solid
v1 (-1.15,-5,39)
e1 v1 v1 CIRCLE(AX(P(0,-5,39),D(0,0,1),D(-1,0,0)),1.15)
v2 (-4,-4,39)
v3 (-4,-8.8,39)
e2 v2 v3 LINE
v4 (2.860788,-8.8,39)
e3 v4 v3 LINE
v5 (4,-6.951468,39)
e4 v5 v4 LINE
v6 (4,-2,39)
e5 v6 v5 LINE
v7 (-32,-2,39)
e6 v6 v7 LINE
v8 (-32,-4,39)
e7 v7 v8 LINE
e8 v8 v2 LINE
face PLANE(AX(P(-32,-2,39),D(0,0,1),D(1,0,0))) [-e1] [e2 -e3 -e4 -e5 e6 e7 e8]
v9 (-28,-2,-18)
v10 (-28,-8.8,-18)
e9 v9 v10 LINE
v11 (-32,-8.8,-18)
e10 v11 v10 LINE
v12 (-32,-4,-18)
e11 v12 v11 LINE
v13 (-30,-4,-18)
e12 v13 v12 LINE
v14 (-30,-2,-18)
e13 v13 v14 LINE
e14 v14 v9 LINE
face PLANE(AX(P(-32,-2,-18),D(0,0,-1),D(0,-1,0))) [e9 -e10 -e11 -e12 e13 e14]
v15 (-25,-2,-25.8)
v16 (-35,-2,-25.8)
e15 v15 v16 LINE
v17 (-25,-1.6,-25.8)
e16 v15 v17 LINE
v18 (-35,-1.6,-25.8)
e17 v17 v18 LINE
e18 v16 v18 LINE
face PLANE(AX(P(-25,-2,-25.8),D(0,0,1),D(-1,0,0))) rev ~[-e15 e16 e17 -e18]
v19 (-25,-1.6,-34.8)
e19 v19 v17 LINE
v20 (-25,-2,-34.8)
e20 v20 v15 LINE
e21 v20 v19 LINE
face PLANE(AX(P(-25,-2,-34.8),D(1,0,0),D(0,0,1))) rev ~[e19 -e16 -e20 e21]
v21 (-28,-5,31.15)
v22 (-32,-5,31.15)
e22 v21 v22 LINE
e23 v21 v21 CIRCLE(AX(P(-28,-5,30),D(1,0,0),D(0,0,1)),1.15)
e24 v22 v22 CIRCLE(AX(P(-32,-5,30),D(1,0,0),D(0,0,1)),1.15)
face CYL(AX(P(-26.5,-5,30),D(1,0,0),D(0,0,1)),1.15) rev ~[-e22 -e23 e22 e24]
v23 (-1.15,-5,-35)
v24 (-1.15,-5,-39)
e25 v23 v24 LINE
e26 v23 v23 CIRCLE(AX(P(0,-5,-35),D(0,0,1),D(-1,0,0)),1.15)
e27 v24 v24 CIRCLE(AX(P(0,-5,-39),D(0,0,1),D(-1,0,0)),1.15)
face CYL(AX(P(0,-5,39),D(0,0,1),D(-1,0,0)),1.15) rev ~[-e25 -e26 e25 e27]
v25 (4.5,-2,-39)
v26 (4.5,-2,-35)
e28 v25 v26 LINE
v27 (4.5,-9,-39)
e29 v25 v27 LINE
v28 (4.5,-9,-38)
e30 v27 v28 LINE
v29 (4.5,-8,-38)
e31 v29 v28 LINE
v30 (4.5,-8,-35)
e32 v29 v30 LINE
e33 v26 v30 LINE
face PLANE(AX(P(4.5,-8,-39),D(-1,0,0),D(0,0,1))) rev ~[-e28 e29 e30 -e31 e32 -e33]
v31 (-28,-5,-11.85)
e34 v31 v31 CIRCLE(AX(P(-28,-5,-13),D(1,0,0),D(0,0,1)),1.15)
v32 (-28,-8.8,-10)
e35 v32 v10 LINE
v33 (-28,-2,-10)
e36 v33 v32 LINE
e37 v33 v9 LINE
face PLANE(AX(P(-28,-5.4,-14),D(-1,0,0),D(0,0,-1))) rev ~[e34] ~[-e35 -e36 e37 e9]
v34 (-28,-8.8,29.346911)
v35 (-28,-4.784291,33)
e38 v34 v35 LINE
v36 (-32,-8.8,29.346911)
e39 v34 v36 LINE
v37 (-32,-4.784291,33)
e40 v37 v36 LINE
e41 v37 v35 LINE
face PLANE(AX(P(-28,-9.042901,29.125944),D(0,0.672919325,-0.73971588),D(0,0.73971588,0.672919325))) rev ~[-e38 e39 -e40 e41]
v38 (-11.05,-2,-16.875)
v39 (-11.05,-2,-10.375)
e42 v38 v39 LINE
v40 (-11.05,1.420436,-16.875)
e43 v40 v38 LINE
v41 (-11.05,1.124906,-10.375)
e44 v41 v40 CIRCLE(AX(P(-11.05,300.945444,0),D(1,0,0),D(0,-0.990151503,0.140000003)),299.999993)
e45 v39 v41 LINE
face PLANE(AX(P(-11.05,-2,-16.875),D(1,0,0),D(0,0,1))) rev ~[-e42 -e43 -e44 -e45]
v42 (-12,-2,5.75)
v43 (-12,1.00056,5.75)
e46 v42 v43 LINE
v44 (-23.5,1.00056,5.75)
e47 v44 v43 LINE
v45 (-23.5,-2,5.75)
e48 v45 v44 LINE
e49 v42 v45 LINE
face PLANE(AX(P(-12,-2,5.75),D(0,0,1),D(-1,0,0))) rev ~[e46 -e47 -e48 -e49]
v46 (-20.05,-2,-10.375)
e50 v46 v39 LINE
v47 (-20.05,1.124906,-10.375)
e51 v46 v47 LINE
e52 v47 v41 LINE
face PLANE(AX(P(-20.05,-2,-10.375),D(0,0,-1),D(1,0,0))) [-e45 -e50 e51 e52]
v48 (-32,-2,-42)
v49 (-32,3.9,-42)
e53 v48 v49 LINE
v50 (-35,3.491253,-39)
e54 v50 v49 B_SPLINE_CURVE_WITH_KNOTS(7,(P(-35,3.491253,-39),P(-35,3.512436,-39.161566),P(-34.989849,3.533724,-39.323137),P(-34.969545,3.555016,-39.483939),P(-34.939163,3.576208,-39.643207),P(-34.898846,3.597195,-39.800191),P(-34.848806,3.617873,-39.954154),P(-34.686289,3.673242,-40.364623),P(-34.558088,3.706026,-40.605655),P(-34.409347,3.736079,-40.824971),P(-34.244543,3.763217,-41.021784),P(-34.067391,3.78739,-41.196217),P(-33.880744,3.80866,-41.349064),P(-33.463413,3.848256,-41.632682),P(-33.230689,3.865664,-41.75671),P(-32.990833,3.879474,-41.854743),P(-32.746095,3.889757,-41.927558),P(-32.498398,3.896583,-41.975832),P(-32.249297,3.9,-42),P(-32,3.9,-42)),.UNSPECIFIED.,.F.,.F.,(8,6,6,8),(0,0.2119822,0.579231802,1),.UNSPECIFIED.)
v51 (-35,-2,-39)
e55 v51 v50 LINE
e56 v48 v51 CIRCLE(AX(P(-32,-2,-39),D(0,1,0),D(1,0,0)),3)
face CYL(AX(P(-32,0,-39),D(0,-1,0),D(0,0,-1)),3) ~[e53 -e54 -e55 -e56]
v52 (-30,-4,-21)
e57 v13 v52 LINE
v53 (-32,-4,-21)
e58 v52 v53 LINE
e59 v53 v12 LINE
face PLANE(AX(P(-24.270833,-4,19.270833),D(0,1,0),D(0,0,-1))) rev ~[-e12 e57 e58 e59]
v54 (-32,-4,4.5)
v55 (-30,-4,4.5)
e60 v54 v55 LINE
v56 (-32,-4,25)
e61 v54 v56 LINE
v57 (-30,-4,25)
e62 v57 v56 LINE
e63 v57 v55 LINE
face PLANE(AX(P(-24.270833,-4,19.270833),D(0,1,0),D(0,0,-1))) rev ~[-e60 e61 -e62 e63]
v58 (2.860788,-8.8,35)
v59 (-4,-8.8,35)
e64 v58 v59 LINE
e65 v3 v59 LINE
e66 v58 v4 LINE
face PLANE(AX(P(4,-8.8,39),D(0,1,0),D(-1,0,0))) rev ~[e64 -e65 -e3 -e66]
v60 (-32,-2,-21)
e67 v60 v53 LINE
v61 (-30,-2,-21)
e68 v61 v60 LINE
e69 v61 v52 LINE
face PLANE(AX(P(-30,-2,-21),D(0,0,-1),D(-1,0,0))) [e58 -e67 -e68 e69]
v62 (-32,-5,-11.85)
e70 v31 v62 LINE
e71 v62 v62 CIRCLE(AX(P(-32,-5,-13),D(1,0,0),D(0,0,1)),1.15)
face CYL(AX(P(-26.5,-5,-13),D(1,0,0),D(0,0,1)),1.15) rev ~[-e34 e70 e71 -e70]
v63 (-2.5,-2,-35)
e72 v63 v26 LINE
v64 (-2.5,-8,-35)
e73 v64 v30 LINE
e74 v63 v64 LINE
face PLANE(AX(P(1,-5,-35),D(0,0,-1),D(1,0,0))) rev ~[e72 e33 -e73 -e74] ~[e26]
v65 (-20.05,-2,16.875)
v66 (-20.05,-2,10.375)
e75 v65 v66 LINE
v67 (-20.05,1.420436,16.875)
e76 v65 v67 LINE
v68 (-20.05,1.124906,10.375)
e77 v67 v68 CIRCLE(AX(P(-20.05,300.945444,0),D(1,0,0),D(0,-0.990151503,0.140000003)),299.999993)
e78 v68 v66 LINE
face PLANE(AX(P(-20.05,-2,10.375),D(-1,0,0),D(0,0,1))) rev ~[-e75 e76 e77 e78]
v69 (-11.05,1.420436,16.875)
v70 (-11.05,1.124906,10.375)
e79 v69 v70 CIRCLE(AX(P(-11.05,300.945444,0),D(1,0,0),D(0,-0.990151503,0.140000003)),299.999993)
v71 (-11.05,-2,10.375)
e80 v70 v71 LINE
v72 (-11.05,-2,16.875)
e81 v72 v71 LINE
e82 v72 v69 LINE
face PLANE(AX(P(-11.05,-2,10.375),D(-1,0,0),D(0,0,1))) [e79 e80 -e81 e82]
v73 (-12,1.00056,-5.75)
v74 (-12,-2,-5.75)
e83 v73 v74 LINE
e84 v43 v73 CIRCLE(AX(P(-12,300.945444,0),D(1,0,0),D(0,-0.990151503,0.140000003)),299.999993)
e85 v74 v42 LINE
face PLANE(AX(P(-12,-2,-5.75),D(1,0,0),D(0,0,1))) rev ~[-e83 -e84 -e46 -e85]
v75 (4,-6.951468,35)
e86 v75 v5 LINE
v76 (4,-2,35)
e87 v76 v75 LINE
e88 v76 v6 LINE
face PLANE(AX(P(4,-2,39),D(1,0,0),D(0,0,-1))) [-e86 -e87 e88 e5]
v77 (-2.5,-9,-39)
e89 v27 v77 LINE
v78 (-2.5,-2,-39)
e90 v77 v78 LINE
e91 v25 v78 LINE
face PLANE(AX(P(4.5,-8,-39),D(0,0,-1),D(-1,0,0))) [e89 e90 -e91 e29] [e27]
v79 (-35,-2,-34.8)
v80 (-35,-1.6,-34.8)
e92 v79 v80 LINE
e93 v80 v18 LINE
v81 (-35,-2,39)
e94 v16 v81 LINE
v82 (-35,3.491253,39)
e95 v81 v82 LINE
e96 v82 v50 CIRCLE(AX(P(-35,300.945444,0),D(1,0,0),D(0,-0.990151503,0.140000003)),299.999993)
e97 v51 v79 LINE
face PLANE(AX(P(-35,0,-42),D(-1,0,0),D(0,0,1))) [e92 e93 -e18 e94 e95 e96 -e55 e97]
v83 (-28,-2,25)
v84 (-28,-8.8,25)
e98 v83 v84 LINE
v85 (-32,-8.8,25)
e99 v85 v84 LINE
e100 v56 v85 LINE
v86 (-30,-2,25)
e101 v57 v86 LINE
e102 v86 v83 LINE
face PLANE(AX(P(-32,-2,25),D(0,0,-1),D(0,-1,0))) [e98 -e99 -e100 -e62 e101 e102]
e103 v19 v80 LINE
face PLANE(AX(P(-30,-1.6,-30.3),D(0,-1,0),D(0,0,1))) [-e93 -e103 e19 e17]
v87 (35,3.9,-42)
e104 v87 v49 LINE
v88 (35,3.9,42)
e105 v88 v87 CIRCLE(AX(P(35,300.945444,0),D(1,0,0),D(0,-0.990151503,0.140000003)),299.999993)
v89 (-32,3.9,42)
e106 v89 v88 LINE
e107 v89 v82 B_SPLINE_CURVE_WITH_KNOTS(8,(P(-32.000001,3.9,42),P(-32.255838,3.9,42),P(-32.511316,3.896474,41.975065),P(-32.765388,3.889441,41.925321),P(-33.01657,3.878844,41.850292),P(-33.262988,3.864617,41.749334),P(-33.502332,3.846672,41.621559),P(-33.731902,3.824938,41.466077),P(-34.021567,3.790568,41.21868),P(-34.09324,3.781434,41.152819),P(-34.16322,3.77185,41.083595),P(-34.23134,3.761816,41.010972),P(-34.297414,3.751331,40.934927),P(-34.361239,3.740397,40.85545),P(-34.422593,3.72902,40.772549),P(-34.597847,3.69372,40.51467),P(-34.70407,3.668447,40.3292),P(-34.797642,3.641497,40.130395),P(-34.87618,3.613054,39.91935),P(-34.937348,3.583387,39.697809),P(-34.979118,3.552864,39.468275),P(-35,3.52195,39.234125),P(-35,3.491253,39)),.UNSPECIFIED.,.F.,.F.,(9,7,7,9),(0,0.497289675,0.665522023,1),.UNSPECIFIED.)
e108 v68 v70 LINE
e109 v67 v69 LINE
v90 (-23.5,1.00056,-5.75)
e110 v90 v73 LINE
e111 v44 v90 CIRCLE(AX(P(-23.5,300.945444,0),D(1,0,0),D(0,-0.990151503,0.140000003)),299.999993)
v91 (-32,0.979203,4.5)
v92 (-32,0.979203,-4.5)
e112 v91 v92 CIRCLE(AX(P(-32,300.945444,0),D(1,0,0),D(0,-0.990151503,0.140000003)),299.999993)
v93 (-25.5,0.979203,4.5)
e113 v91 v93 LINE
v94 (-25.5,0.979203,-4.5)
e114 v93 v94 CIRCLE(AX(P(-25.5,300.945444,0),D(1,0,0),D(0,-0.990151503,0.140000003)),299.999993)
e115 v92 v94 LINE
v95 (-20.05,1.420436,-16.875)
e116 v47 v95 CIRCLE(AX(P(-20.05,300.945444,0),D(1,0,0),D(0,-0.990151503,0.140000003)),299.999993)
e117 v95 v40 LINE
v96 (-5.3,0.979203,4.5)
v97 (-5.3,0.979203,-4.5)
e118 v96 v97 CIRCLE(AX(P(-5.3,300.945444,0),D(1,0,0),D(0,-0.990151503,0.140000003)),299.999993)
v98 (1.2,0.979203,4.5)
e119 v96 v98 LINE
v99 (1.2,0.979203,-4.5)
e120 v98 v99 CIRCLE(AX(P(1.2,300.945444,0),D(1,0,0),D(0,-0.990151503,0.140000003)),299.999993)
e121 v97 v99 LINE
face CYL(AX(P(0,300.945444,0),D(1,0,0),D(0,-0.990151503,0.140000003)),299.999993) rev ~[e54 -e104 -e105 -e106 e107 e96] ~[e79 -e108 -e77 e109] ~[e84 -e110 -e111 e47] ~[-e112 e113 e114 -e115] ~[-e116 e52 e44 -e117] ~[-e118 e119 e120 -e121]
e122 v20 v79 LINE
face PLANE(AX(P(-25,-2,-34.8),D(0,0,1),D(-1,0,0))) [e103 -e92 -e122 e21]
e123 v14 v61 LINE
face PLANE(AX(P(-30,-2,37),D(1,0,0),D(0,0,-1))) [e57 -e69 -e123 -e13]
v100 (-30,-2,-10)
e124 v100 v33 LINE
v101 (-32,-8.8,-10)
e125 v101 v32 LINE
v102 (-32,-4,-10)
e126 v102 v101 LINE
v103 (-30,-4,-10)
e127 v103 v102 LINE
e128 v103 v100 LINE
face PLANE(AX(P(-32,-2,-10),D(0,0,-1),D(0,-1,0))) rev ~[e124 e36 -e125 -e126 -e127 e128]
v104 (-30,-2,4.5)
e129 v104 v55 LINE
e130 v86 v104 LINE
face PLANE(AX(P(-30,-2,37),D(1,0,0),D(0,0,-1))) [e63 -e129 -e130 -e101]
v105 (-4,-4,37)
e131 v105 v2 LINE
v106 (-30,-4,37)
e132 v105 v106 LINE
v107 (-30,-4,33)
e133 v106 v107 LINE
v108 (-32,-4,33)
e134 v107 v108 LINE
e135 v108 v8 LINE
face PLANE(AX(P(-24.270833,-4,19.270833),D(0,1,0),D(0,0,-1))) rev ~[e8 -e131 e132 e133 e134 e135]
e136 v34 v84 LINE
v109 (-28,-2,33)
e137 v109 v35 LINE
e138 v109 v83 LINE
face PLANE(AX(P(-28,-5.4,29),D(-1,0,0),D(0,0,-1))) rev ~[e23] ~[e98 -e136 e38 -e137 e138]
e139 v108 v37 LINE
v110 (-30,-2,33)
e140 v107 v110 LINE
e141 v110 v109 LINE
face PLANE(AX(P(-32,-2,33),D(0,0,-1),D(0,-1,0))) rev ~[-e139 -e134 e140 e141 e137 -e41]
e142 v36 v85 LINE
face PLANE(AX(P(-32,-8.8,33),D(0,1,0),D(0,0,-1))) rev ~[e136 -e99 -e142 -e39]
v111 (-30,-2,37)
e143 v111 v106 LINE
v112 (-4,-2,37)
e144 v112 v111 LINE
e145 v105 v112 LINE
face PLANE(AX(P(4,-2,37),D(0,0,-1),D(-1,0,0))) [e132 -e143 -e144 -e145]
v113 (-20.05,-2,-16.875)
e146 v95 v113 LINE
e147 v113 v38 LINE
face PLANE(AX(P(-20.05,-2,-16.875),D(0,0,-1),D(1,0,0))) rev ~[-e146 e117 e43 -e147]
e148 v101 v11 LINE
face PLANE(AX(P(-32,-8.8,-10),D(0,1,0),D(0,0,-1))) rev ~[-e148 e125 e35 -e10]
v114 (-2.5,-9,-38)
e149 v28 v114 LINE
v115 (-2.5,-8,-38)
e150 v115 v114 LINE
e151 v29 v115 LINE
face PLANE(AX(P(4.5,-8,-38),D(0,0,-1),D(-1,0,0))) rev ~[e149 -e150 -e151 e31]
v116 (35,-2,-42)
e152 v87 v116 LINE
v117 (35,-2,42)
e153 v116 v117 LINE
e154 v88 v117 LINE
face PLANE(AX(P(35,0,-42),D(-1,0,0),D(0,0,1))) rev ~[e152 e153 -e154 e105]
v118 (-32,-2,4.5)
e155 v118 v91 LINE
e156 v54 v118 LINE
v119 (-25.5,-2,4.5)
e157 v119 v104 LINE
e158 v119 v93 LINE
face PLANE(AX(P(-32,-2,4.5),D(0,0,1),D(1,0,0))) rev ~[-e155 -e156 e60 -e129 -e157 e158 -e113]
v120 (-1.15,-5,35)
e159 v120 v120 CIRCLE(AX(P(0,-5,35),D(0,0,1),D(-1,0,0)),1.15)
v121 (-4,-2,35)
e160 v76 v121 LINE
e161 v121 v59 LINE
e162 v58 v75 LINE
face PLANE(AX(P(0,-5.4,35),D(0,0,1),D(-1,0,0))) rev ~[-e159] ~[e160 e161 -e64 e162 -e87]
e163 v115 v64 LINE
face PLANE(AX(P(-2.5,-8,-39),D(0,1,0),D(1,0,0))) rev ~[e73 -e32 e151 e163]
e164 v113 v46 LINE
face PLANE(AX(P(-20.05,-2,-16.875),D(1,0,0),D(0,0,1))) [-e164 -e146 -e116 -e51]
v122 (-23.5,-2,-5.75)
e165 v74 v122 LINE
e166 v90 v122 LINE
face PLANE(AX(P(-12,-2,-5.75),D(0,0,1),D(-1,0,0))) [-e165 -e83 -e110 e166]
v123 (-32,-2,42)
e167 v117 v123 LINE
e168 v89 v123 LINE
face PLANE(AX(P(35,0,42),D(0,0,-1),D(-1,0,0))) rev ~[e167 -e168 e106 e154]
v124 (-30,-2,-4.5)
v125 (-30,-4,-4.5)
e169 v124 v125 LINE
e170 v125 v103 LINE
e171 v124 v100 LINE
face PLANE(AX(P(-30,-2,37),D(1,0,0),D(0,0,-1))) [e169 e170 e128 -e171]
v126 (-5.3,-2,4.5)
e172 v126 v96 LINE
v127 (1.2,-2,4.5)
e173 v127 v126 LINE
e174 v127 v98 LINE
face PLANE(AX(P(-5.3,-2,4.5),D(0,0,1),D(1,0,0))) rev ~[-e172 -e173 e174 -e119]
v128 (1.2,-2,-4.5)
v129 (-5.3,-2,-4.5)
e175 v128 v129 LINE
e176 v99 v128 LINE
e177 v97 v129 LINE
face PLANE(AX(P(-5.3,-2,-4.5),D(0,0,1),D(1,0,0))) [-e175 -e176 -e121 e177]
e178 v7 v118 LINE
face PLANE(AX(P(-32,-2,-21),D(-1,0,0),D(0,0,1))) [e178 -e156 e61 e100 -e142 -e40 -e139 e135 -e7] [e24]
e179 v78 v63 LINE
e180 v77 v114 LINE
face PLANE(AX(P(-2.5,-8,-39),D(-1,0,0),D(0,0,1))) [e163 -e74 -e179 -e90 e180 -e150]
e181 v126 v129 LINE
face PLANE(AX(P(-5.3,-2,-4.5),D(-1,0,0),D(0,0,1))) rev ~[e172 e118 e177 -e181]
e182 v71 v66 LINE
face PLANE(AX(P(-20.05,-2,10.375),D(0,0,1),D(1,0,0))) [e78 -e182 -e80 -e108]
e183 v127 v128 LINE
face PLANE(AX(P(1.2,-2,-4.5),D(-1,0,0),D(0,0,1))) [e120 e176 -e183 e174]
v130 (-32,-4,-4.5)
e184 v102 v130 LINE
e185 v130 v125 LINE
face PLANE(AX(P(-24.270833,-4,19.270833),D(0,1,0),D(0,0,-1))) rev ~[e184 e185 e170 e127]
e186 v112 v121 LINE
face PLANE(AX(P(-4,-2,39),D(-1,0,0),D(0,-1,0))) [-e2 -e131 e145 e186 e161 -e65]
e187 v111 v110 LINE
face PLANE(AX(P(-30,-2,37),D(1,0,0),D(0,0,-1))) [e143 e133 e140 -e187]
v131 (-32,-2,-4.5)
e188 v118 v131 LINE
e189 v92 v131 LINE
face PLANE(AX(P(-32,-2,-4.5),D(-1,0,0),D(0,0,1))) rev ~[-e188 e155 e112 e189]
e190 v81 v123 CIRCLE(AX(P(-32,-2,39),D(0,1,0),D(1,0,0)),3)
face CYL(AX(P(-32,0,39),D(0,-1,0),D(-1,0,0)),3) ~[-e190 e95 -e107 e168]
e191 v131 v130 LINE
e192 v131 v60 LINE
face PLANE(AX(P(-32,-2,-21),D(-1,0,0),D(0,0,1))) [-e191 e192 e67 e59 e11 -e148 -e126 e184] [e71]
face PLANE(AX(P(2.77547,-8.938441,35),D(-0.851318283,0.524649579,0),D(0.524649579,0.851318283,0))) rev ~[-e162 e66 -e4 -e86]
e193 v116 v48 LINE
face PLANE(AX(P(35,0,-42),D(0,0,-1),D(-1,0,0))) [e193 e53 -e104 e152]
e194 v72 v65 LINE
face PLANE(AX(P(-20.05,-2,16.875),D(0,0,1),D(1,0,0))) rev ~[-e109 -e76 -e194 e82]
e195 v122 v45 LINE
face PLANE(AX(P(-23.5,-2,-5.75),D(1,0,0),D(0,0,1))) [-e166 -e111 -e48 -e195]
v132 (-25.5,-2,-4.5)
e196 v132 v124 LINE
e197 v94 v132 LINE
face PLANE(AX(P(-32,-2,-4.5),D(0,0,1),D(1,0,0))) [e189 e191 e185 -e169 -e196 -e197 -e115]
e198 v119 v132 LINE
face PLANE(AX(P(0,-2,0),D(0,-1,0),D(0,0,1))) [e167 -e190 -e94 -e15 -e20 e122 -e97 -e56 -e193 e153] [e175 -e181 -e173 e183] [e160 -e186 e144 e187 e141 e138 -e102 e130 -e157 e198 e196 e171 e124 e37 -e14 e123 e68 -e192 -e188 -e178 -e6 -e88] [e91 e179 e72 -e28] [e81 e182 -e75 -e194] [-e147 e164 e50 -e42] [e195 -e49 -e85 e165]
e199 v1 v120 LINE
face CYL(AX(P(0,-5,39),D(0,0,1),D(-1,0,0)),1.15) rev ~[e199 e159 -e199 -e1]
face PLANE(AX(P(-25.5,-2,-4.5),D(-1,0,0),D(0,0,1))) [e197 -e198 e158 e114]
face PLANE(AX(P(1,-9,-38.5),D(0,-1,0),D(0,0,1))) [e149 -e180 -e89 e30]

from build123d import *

# Parameters (mm, degrees)
SKETCH009_W             = 84
SKETCH009_H             = 70
PAD002_DEPTH            = 2
SKETCH010_W             = 2
SKETCH010_H             = 7
PAD003_DEPTH            = 2
SKETCH012_W             = 8
SKETCH012_H             = 6.8
PAD004_DEPTH            = 4
SKETCH013_W             = 7
SKETCH013_H             = 6
PAD005_DEPTH            = 4
SKETCH011_W             = 8
SKETCH011_H             = 6.8
PAD006_DEPTH            = 4
SKETCH014_R             = 1.15
POCKET002_DEPTH         = 81.001
SKETCH016_R             = 1.15
POCKET003_DEPTH         = 8.501
SKETCH018_W             = 11.5
SKETCH018_H             = 11.5
POCKET004_DEPTH         = 5
POCKET005_DEPTH         = 5
POCKET006_DEPTH         = 5
SKETCH021_W             = 1
SKETCH021_H             = 7
PAD007_DEPTH            = 1
SKETCH022_W             = 9
SKETCH022_H             = 10
POCKET007_DEPTH         = 0.4
FILLET_R                = 3
BODY002_PITCH_ANGLE     = -90
BODY002_PLACEMENT_ANGLE = 90
PAD001_DEPTH            = 35
SKETCH007_W             = 11.5
SKETCH007_H             = 11.5
POCKET001_DEPTH         = 13
FILLET001_R             = 3
SKETCH025_W             = 6.5
SKETCH025_H             = 9
SKETCH025_W_2           = 9
SKETCH025_H_2           = 6.5
POCKET008_DEPTH         = 8


with BuildPart() as back:
    # Sketch009 → Pad002 (new body)
    with BuildSketch(Plane.XY):
        Rectangle(SKETCH009_W, SKETCH009_H)
    extrude(amount=PAD002_DEPTH)

    # Sketch010 (on Face6 of Pad002) → Pad003 (join)
    with BuildSketch(Plane.XY.offset(2)):
        with Locations((-38, -1)):
            Rectangle(SKETCH010_W, SKETCH010_H)
        Polygon((-21, 32), (39, 32), (39, -4), (37, -4), (37, 30), (-21, 30), align=None)
    extrude(amount=PAD003_DEPTH)

    # Sketch012 (on Face15 of Pad003) → Pad004 (join)
    with BuildSketch(Plane.YZ.offset(39)):
        with Locations((0, 5.4)):
            Rectangle(SKETCH012_W, SKETCH012_H)
    extrude(amount=-PAD004_DEPTH)

    # Sketch013 (on Face9 of Pad004) → Pad005 (join)
    with BuildSketch(Plane(origin=(-39, 0, 0), x_dir=(0, -1, 0), z_dir=(-1, 0, 0))):
        with Locations((1, 5)):
            Rectangle(SKETCH013_W, SKETCH013_H)
    extrude(amount=-PAD005_DEPTH)

    # Sketch011 (on Face16 of Pad003) → Pad006 (join)
    with BuildSketch(Plane(origin=(0, 32, 0), x_dir=(-1, 0, 0), z_dir=(0, 1, 0))):
        with Locations((-29, 5.4)):
            Rectangle(SKETCH011_W, SKETCH011_H)
        with Locations((14, 5.4)):
            Rectangle(SKETCH011_W, SKETCH011_H)
    extrude(amount=-PAD006_DEPTH)

    # Sketch014 (on Face44 of Pad006) → Pocket002 (cut, through all)
    with BuildSketch(Plane.YZ.offset(39)):
        with Locations((0, 5)):
            Circle(SKETCH014_R)
    extrude(amount=-POCKET002_DEPTH, mode=Mode.SUBTRACT)

    # Sketch016 → Pocket003 (cut, through all)
    with BuildSketch(Plane.XZ.offset(-26.5)):
        with Locations((-13, 5)):
            Circle(SKETCH016_R)
        with Locations((30, 5)):
            Circle(SKETCH016_R)
    extrude(amount=-POCKET003_DEPTH, mode=Mode.SUBTRACT)

    # Sketch018 (on Face5 of Pocket003) → Pocket004 (cut)
    with BuildSketch(Plane.XY.offset(2)):
        with Locations((0, 17.75)):
            Rectangle(SKETCH018_W, SKETCH018_H)
    extrude(amount=-POCKET004_DEPTH, mode=Mode.SUBTRACT)

    # Sketch019 (on Face31 of Pocket004) → Pocket005 (cut)
    with BuildSketch(Plane.XZ.offset(-28)):
        Polygon((29.125944, 9.042901), (33.258869, 4.499726), (33.258869, 9.042901), align=None)
    extrude(amount=-POCKET005_DEPTH, mode=Mode.SUBTRACT)

    # Sketch020 (on Face36 of Pocket005) → Pocket006 (cut)
    with BuildSketch(Plane(origin=(35, 0, 0), x_dir=(0, -1, 0), z_dir=(-1, 0, 0))):
        Polygon((2.77547, 8.938441), (6.386171, 3.079567), (6.386171, 8.938441), align=None)
    extrude(amount=-POCKET006_DEPTH, mode=Mode.SUBTRACT)

    # Sketch021 (on Face40 of Pocket006) → Pad007 (join)
    with BuildSketch(Plane.XY.offset(8)):
        with Locations((-38.5, -1)):
            Rectangle(SKETCH021_W, SKETCH021_H)
    extrude(amount=PAD007_DEPTH)

    # Sketch022 (on Face5 of Pocket005) → Pocket007 (cut)
    with BuildSketch(Plane.XY.offset(2)):
        with Locations((-30.3, 30)):
            Rectangle(SKETCH022_W, SKETCH022_H)
    extrude(amount=-POCKET007_DEPTH, mode=Mode.SUBTRACT)

    # Fillet
    fillet_edges = [back.edges().sort_by_distance(p)[0] for p in [
        (42, 35, 1),
        (-42, 35, 1),
    ]]
    fillet(fillet_edges, radius=FILLET_R)


with BuildPart() as back_1:
    # Body002 pitch: moved
    add(back.part.rotate(Axis((0, 0, 0), (0, 1, 0)), BODY002_PITCH_ANGLE))


with BuildPart() as back_2:
    # Body002 placement: moved
    add(back_1.part.rotate(Axis((0, 0, 0), (0, 0, 1)), BODY002_PLACEMENT_ANGLE))


with BuildPart() as curve:
    # Sketch006 → Pad001 (new body, symmetric)
    with BuildSketch(Plane(origin=(0, 0, 0), x_dir=(0, 0, -1), z_dir=(1, 0, 0))):
        with BuildLine():
            ThreePointArc((-42, 3.9), (0, 0.945451), (42, 3.9))
            Line((42, -0.1), (42, 3.9))
            Line((-42, -0.1), (42, -0.1))
            Line((-42, 3.9), (-42, -0.1))
        make_face()
    extrude(amount=PAD001_DEPTH, both=True)

    # Sketch007 (on Face3 of Pad001) → Pocket001 (cut)
    with BuildSketch(Plane.XZ.offset(0.1)):
        with Locations((-17.75, 0)):
            Rectangle(SKETCH007_W, SKETCH007_H)
    extrude(amount=-POCKET001_DEPTH, mode=Mode.SUBTRACT)

    # Fillet001
    fillet001_edges = [curve.edges().sort_by_distance(p)[0] for p in [
        (-35, 1.9, -42),
        (-35, 1.9, 42),
    ]]
    fillet(fillet001_edges, radius=FILLET001_R)

    # Boolean: union Back
    add(back_2.part)

    # Sketch025 (on Face32 of Boolean) → Pocket008 (cut, symmetric)
    with BuildSketch(Plane.XZ.offset(2)):
        with Locations((-28.75, 0)):
            Rectangle(SKETCH025_W, SKETCH025_H)
        with Locations((-15.55, 13.625)):
            Rectangle(SKETCH025_W_2, SKETCH025_H_2)
        with Locations((-2.05, 0)):
            Rectangle(SKETCH025_W, SKETCH025_H)
        with Locations((-15.55, -13.625)):
            Rectangle(SKETCH025_W_2, SKETCH025_H_2)
    extrude(amount=POCKET008_DEPTH, both=True, mode=Mode.SUBTRACT)


solid = curve.part
